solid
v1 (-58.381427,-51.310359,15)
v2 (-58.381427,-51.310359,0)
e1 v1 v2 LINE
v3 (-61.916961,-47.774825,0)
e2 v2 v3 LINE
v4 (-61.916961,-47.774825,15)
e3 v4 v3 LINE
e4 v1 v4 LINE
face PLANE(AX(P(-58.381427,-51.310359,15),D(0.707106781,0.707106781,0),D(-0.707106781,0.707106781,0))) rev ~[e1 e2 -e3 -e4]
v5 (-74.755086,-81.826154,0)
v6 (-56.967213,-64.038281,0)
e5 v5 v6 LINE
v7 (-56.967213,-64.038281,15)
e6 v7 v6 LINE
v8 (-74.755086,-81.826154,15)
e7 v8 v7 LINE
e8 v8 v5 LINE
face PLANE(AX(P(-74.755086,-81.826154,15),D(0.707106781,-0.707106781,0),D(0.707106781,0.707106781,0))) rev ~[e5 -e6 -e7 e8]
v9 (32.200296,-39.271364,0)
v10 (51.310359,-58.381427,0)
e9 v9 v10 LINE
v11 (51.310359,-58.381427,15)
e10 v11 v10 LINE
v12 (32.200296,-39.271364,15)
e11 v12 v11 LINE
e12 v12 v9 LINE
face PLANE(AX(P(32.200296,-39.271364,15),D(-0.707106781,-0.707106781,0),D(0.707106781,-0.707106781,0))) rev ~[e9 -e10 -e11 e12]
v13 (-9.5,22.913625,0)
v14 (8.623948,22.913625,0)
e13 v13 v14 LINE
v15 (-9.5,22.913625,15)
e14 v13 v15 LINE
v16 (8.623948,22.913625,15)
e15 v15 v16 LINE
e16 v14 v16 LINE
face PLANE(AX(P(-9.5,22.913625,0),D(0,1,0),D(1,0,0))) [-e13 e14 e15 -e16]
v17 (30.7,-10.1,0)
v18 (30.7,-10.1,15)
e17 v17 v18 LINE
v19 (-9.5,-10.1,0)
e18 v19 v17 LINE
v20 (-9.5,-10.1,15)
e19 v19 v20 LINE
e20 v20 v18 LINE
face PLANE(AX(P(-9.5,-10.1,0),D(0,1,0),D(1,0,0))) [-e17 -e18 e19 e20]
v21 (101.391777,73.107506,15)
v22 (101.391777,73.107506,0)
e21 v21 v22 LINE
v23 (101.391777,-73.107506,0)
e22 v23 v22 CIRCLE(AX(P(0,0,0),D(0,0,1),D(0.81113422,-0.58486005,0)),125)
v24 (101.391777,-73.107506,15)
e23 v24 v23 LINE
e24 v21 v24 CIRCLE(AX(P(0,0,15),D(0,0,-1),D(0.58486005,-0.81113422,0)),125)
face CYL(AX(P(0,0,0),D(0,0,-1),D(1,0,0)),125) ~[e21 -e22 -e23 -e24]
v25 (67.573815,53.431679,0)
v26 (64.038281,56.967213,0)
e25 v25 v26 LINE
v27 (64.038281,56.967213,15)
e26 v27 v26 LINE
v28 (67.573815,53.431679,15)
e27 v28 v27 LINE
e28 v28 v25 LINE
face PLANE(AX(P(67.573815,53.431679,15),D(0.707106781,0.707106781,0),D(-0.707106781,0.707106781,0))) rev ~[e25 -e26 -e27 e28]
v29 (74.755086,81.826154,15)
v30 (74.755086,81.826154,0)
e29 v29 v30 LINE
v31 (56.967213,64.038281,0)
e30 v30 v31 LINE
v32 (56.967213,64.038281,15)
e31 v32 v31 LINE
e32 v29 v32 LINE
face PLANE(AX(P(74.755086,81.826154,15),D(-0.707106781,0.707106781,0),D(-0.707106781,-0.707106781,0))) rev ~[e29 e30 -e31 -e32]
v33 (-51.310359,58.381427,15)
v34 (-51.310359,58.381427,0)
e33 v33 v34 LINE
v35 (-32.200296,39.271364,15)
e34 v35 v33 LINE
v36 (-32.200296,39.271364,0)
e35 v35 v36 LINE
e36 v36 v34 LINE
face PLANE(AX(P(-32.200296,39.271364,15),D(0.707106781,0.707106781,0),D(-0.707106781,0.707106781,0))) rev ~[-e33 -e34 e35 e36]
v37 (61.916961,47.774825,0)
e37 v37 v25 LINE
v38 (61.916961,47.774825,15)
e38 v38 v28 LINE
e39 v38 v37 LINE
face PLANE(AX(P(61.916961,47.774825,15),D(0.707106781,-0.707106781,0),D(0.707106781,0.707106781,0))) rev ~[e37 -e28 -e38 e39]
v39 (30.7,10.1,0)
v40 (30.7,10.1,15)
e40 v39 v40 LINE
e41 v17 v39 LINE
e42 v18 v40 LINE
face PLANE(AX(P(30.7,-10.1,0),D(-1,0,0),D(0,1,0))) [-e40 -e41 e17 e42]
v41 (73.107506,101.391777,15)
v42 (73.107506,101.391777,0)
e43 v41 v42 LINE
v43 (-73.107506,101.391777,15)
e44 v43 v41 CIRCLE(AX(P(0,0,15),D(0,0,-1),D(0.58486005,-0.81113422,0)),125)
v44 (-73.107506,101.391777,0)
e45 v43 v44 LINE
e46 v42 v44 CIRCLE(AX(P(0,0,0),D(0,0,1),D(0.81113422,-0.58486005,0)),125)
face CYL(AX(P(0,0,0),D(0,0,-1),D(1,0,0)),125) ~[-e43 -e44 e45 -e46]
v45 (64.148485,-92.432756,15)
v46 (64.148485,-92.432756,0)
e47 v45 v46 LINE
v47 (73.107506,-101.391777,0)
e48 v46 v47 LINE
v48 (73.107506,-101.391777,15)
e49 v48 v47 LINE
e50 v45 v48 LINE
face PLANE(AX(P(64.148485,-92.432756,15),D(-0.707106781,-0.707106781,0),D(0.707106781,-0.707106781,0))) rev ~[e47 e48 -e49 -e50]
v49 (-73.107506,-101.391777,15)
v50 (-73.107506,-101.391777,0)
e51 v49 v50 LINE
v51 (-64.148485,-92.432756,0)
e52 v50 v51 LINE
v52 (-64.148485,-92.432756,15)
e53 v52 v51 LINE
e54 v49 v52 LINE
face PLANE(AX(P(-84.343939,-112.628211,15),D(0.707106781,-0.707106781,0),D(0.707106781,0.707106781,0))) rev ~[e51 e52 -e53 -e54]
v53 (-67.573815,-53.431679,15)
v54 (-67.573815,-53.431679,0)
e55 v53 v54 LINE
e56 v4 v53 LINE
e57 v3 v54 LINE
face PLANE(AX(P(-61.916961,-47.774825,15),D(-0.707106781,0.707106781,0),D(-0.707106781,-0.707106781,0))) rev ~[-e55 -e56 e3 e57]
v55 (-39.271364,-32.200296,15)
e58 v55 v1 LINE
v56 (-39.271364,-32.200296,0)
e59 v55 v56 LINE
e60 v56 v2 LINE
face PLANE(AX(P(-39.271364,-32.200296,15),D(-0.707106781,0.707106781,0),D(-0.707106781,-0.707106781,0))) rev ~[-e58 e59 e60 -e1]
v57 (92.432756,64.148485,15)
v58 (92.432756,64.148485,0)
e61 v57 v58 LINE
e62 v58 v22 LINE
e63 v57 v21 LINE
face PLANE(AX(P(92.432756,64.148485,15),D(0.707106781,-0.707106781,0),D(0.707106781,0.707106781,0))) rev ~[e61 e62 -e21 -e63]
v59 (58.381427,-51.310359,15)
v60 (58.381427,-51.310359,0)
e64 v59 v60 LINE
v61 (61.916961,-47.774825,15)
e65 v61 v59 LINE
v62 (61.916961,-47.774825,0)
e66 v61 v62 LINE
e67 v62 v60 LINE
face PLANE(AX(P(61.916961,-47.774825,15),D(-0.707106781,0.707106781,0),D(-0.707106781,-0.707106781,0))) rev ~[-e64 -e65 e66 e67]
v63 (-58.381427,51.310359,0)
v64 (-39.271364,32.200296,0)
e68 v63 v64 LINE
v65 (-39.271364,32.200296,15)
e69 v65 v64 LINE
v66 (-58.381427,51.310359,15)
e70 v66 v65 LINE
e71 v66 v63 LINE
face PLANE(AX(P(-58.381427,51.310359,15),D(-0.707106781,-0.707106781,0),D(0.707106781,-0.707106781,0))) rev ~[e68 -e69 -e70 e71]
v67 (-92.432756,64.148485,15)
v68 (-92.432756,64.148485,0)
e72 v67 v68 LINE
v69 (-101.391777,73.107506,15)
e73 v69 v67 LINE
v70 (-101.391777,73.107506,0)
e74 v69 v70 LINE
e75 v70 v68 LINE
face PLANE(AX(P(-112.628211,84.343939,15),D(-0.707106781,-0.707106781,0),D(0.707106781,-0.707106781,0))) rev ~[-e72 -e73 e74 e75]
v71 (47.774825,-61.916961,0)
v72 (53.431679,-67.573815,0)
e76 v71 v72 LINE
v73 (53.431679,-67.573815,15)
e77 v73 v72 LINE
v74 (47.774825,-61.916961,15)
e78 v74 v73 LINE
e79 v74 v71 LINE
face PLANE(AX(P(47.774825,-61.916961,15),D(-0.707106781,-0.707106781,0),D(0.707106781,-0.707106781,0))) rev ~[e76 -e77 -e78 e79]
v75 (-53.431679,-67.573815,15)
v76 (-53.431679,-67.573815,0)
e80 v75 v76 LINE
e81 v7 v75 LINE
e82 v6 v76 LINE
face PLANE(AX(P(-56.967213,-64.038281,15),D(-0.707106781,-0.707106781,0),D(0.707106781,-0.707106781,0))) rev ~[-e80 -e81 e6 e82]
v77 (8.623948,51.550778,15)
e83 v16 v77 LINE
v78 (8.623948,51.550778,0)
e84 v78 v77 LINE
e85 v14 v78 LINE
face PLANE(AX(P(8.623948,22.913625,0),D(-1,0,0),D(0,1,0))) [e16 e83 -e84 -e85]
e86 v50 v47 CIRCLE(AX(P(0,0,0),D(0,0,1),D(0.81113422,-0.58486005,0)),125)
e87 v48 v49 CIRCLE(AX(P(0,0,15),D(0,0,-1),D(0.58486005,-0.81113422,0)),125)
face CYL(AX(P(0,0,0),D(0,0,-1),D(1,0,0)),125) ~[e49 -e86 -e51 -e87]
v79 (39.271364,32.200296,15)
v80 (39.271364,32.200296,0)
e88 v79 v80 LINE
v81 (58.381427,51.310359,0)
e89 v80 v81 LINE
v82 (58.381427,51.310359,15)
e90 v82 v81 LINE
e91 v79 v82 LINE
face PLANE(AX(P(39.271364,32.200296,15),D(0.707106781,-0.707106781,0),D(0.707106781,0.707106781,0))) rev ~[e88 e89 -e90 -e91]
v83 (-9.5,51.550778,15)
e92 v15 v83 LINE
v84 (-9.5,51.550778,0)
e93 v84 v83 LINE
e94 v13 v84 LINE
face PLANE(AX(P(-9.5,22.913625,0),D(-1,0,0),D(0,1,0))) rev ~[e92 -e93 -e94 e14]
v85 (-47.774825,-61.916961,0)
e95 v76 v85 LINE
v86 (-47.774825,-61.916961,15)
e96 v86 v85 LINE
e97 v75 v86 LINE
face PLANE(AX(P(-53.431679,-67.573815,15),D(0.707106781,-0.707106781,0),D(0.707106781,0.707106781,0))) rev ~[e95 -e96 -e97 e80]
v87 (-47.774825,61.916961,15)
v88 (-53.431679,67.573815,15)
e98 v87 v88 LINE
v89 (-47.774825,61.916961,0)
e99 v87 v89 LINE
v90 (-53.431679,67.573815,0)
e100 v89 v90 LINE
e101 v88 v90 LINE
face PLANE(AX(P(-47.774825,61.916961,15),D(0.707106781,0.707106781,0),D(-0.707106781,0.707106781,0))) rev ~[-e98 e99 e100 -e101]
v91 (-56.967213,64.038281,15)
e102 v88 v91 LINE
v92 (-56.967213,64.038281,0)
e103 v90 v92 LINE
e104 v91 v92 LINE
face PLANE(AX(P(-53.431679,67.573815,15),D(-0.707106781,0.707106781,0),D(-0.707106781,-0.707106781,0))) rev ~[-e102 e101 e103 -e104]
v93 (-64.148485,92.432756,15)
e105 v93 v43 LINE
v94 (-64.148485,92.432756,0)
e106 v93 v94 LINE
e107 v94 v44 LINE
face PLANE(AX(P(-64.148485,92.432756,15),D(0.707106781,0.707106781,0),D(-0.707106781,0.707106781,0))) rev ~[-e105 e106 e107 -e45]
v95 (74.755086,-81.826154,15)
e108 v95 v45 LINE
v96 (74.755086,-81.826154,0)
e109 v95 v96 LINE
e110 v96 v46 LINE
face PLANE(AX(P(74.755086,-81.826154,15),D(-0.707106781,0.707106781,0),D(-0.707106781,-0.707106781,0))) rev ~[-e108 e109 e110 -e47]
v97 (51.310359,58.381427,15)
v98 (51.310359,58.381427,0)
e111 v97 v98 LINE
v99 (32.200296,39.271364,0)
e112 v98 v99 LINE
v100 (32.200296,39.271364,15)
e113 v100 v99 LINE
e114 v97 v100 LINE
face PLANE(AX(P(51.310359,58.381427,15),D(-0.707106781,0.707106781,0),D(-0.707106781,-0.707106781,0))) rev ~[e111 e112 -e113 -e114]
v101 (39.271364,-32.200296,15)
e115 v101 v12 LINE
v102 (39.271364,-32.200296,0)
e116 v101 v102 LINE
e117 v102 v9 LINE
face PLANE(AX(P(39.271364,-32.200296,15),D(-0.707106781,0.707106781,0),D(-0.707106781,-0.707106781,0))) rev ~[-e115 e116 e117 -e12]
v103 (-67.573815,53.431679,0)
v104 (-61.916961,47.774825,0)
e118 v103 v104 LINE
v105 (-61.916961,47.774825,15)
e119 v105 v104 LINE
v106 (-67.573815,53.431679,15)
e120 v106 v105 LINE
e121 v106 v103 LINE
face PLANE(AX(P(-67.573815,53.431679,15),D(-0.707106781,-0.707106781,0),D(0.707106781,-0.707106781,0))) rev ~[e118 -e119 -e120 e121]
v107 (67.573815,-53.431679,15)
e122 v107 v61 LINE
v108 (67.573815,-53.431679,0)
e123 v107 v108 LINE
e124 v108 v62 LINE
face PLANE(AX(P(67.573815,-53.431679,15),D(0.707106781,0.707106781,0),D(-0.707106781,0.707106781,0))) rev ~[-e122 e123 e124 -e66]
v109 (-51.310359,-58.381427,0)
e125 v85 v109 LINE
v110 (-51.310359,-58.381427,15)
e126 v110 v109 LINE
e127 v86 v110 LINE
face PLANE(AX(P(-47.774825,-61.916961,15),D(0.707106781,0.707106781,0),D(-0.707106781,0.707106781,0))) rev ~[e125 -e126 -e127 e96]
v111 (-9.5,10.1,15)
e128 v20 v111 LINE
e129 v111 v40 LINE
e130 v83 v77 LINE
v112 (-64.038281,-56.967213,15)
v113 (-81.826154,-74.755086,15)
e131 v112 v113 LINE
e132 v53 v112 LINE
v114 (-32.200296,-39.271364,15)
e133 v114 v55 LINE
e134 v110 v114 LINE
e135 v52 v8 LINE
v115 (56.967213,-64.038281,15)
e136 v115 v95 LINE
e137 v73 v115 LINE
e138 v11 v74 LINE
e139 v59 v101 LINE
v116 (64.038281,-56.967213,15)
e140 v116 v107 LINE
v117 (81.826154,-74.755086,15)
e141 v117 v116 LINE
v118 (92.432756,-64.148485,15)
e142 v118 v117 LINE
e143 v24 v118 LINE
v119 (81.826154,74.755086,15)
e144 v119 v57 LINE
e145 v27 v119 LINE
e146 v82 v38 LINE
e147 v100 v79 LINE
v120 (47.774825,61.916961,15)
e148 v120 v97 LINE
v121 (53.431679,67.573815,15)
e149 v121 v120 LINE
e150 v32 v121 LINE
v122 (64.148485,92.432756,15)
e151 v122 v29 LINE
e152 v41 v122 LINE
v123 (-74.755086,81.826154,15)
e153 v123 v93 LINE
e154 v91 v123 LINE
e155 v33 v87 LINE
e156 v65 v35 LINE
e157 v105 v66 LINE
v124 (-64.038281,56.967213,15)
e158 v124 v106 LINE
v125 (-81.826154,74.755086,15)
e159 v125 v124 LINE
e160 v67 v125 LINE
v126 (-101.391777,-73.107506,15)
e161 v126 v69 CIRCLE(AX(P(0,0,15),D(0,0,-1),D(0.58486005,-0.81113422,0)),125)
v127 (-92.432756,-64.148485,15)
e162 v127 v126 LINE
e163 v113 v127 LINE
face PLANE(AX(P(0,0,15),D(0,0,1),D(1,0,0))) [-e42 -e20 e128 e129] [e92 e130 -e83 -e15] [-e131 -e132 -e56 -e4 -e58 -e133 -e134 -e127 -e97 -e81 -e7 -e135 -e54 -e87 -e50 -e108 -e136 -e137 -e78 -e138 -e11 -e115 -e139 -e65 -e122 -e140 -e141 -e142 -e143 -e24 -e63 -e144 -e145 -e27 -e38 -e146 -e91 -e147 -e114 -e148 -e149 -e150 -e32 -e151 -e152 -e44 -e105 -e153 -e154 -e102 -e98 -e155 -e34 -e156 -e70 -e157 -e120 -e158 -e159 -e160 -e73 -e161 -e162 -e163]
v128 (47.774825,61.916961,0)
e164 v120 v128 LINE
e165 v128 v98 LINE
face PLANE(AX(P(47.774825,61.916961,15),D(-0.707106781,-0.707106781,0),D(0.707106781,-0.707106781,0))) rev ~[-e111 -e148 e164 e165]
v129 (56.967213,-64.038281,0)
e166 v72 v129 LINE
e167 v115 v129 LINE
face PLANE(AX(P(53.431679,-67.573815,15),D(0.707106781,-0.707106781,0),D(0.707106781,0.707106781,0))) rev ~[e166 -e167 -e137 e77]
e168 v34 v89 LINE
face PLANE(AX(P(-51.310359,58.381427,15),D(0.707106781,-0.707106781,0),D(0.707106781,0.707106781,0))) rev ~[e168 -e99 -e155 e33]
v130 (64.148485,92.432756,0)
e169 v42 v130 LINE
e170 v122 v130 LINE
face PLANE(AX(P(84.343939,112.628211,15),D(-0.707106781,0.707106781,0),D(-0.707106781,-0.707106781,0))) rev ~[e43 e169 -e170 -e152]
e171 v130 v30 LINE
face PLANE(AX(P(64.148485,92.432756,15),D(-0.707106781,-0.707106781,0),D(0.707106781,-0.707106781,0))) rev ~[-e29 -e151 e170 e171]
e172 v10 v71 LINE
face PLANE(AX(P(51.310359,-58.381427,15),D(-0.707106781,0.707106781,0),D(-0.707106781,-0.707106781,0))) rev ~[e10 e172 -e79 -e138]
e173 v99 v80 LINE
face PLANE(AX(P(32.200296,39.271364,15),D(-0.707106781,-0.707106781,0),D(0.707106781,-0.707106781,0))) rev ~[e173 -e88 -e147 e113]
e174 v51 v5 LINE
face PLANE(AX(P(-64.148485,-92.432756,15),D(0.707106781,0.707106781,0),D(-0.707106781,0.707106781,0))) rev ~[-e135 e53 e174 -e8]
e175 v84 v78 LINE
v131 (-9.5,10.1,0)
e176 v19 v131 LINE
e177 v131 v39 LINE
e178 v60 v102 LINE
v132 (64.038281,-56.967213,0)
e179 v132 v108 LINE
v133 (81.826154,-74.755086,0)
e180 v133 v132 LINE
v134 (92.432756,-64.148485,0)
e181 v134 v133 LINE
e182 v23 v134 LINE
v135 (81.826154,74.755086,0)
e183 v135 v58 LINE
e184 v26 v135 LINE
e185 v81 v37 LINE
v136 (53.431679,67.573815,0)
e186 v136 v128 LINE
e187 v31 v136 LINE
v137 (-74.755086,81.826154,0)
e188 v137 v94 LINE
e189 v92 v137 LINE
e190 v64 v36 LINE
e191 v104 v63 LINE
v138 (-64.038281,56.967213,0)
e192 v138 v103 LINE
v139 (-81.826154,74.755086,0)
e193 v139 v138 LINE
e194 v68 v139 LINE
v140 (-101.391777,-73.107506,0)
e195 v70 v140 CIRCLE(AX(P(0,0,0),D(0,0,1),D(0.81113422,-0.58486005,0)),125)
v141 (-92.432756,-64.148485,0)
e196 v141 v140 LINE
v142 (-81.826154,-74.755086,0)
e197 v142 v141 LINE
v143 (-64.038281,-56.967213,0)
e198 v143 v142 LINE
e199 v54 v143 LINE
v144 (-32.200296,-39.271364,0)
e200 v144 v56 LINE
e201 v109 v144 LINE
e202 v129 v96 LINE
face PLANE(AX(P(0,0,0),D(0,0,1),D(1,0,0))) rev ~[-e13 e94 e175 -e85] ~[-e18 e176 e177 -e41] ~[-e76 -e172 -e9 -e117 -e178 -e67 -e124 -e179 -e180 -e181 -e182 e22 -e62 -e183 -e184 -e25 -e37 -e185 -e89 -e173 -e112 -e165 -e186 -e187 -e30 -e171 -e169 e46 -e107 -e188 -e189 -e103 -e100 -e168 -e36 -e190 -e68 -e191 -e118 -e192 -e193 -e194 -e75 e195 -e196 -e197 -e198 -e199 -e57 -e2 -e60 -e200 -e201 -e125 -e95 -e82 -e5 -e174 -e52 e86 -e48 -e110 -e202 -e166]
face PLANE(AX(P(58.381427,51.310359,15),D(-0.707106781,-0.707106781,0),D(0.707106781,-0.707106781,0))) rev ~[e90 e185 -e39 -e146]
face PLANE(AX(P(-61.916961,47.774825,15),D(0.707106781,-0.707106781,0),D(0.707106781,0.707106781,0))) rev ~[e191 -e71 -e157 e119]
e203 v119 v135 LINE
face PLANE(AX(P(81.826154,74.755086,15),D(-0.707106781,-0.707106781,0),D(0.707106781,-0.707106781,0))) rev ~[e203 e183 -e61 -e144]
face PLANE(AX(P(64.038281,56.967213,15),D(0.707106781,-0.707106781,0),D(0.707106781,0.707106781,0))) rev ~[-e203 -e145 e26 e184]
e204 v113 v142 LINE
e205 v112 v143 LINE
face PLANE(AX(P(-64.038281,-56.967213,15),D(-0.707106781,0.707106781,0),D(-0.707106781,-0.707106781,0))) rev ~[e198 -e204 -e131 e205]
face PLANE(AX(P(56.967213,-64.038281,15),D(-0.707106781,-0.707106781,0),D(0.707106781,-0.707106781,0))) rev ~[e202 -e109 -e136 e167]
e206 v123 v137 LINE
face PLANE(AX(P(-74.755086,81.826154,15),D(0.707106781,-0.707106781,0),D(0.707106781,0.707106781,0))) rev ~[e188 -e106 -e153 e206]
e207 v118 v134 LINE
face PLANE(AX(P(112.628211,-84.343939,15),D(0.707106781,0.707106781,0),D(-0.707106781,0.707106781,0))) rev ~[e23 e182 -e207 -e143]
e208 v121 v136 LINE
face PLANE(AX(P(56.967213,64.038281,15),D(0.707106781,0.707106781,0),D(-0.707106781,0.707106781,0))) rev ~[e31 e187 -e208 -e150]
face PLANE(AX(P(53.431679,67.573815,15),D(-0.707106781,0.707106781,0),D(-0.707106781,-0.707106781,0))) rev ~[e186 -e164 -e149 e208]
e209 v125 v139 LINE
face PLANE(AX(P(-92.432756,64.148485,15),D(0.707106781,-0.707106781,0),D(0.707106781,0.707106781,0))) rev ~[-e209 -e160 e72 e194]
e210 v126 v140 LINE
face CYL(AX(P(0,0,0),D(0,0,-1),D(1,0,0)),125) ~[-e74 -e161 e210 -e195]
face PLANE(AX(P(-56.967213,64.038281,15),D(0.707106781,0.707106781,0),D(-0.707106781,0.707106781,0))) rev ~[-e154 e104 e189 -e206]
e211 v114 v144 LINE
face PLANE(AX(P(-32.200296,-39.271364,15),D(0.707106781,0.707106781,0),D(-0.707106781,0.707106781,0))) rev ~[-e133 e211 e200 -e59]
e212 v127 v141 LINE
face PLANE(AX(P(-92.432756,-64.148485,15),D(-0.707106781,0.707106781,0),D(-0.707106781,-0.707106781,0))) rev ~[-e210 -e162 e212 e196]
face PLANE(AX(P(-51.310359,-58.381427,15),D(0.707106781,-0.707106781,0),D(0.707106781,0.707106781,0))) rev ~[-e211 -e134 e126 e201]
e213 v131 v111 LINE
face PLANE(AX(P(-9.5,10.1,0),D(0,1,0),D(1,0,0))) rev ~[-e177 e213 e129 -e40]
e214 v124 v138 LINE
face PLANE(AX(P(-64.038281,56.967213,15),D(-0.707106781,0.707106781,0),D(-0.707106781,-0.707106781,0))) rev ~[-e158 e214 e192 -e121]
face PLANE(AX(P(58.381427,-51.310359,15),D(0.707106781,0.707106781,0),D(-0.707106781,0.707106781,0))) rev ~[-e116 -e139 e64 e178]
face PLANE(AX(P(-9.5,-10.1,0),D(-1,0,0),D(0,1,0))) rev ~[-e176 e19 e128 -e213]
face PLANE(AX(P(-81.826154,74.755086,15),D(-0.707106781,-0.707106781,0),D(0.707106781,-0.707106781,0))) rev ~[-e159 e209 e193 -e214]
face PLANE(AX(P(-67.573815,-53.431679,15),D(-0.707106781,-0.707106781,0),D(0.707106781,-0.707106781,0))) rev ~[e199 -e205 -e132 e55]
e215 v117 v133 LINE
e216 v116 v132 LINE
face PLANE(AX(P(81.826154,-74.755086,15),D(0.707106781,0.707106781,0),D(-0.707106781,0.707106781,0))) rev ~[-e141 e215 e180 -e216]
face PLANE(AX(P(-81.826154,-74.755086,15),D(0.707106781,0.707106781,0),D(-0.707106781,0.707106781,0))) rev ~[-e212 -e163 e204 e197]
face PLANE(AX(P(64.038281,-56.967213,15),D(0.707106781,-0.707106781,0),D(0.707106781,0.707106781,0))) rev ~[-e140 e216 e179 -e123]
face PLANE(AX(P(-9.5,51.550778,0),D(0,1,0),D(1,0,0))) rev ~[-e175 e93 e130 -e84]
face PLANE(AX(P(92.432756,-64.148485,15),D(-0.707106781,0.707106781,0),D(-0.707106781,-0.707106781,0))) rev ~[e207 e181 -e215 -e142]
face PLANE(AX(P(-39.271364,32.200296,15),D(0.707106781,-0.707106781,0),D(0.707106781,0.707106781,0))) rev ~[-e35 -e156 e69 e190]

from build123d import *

# Parameters (mm, degrees)
ESQUISSE1_R                  = 125
ESQUISSE1_W                  = 40.2
ESQUISSE1_H                  = 20.2
ESQUISSE1_W_2                = 18.123947537
ESQUISSE1_H_2                = 28.637153683
BOSS_EXTRU_1_DEPTH           = 15
ENL_V_MAT_EXTRU_1_DEPTH      = 15
R_P_TITION_CIRCULAIRE1_COUNT = 4


with BuildPart() as part:
    # Esquisse1 → Boss.-Extru.1 (new body)
    with BuildSketch(Plane.XY):
        Circle(ESQUISSE1_R)
        with Locations((10.6, 0)):
            Rectangle(ESQUISSE1_W, ESQUISSE1_H, mode=Mode.SUBTRACT)
        with Locations((-0.438026231, 37.232201346)):
            Rectangle(ESQUISSE1_W_2, ESQUISSE1_H_2, mode=Mode.SUBTRACT)
    extrude(amount=BOSS_EXTRU_1_DEPTH)

    # Esquisse3 → Enlèv. mat.-Extru.1 (cut)
    with BuildSketch(Plane.XY.offset(15)):
        Polygon((112.62821071, -84.343939462), (92.432755834, -64.148484587), (64.148484587, -92.432755834), (84.343939462, -112.62821071), align=None)
        Polygon((81.950288575, -89.021356387), (89.021356387, -81.950288575), (39.271363502, -32.20029569), (32.20029569, -39.271363502), align=None)
        Polygon((53.431679247, -67.573814871), (67.573814871, -53.431679247), (61.916960621, -47.774824997), (47.774824997, -61.916960621), align=None)
    enl_v_mat_extru_1 = extrude(amount=-ENL_V_MAT_EXTRU_1_DEPTH, mode=Mode.SUBTRACT)

    # Répétition circulaire1: Enlèv. mat.-Extru.1 ×4 about axis
    r_p_tition_circulaire1_axis = Axis((0, 0, 0), (0, 0, 1))
    for i in range(1, R_P_TITION_CIRCULAIRE1_COUNT):
        add(enl_v_mat_extru_1.rotate(r_p_tition_circulaire1_axis, i * 360 / R_P_TITION_CIRCULAIRE1_COUNT), mode=Mode.SUBTRACT)


solid = part.part
